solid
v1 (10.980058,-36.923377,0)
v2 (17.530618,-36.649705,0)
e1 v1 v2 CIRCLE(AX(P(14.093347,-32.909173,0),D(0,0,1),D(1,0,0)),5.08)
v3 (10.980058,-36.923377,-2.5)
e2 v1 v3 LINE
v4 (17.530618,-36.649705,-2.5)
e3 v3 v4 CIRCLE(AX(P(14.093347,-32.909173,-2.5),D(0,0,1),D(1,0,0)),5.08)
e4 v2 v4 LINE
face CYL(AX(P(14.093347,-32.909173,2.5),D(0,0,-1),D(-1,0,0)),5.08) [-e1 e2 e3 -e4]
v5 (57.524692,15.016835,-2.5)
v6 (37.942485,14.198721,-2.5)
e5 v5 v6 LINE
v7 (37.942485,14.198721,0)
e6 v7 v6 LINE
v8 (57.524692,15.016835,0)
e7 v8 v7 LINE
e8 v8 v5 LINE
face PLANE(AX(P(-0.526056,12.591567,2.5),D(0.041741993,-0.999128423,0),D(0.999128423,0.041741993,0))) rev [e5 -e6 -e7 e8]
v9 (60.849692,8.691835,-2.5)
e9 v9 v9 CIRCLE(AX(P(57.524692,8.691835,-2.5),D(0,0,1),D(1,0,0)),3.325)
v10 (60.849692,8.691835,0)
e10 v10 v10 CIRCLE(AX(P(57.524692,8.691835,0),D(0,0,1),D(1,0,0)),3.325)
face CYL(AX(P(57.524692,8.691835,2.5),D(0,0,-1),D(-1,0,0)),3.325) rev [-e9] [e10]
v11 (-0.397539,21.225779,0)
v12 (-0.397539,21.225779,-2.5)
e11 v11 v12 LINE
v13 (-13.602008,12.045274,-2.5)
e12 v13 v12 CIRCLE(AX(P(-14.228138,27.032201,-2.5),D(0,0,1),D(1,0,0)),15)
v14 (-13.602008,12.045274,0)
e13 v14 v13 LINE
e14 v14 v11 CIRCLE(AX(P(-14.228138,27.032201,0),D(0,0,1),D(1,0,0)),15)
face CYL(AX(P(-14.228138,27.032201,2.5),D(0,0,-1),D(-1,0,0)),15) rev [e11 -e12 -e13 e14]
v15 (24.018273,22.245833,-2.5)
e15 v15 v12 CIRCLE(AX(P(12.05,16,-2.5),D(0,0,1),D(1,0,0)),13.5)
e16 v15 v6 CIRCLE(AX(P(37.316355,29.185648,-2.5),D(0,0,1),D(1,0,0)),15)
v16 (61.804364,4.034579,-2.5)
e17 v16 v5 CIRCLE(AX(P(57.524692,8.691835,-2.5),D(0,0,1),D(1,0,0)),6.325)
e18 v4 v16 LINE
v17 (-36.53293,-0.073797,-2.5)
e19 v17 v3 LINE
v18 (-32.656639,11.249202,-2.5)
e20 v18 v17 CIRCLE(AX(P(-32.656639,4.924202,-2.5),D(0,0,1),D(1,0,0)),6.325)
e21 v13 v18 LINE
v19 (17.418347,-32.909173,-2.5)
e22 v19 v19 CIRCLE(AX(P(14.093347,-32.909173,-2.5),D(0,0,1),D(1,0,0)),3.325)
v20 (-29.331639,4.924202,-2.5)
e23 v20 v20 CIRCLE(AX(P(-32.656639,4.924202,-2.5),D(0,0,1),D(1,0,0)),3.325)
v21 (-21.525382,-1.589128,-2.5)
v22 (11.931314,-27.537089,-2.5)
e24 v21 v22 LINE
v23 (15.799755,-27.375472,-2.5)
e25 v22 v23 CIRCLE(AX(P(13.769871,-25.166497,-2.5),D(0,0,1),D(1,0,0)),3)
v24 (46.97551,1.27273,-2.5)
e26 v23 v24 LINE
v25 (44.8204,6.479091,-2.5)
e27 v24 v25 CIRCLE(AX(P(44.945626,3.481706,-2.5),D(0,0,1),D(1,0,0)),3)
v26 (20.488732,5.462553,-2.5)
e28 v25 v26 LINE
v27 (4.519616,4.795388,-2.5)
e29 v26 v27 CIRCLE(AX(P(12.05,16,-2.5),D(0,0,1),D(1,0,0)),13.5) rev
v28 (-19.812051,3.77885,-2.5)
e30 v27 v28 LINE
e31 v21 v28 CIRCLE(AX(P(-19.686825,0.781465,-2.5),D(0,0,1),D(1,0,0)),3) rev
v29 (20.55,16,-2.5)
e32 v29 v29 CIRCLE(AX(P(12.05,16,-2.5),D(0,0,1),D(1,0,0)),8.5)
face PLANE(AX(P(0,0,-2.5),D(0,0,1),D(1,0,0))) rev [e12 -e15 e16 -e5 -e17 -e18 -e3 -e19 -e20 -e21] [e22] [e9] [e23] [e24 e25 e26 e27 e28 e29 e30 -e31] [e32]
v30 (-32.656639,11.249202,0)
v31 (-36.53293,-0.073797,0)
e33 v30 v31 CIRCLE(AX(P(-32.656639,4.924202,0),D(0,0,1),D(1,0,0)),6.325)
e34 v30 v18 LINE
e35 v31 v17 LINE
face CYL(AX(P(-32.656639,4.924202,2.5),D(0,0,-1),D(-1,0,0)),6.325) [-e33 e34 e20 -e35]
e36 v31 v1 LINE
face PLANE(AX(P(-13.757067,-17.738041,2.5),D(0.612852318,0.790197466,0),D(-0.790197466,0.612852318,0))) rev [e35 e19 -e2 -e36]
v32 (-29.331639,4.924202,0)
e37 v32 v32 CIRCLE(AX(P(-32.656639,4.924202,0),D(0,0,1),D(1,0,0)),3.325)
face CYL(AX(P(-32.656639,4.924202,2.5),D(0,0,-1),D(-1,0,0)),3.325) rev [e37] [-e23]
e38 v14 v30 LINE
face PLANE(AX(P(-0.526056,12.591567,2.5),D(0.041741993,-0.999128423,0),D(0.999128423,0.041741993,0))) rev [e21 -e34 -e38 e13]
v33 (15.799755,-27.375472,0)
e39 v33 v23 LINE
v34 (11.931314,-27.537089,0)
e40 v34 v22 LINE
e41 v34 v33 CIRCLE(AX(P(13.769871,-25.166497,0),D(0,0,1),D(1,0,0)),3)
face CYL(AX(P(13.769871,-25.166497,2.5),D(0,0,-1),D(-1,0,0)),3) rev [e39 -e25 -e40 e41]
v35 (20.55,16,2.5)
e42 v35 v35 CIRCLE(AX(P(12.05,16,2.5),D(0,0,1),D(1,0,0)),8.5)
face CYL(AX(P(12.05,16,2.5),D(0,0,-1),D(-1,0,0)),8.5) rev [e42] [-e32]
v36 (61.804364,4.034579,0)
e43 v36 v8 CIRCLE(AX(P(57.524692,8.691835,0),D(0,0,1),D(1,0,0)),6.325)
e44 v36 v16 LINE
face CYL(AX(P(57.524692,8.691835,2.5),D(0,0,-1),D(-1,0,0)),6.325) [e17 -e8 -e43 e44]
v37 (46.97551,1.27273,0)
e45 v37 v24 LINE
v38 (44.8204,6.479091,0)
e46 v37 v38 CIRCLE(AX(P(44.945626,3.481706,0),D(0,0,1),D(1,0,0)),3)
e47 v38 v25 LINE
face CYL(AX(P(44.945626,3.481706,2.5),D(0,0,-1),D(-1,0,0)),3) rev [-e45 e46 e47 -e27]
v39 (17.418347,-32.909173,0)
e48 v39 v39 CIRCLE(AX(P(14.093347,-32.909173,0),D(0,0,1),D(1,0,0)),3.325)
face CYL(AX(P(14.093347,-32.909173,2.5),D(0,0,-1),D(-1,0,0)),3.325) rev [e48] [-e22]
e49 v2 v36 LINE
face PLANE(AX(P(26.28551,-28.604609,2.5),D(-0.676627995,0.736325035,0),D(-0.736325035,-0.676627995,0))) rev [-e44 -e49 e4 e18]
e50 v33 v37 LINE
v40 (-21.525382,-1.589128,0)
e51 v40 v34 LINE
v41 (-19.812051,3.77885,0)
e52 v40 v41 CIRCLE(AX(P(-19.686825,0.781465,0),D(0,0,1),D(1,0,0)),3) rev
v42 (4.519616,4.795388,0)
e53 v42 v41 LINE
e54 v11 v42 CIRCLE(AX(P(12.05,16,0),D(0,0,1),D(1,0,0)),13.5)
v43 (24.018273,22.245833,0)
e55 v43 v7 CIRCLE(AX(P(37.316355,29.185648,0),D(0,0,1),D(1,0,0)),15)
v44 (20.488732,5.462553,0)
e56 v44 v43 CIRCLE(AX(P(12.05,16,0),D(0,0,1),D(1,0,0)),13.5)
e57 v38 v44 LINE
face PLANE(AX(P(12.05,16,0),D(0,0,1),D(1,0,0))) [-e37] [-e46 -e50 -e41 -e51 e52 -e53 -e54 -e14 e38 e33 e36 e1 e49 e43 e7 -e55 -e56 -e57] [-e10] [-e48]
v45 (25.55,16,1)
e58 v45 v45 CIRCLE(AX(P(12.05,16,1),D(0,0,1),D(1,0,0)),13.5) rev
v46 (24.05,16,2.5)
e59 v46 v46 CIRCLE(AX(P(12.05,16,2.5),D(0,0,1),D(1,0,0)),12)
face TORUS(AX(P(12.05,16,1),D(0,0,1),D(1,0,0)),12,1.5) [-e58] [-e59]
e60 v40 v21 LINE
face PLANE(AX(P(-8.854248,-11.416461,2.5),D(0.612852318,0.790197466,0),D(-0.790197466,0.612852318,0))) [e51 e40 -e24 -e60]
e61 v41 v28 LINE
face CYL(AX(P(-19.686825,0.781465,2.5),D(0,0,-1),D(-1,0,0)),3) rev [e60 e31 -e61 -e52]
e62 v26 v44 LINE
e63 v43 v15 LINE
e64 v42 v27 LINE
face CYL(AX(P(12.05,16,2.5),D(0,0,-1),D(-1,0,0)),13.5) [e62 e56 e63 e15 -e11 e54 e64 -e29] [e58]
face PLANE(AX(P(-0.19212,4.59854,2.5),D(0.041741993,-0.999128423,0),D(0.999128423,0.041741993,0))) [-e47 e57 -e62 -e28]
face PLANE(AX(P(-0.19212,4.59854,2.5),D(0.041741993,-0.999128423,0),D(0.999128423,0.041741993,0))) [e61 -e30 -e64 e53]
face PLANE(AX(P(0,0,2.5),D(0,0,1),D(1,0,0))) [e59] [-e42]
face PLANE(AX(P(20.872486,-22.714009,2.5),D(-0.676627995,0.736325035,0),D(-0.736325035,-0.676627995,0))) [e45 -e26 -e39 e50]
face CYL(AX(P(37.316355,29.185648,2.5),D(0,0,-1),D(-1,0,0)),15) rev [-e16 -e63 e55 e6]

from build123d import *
from build123d.topology import SkipClean

# Parameters (mm, degrees)
SKETCH1_R           = 3.325
SKETCH1_R_2         = 8.5
BOSS_EXTRUDE1_DEPTH = 2.5
SKETCH2_R           = 70.911866835
SKETCH2_R_2         = 13.5
CUT_EXTRUDE1_DEPTH  = 2.5
SKETCH3_R           = 13.5
SKETCH3_R_2         = 8.5
BOSS_EXTRUDE2_DEPTH = 5
FILLET1_R           = 1.5


with BuildPart() as part:
    # Sketch1 → Boss-Extrude1 (new, symmetric)
    with BuildSketch(Plane.XY):
        with BuildLine():
            ThreePointArc((60.622067271, 14.206532436), (59.125498335, 14.810906809), (57.524692071, 15.016834632))
            Line((57.524692071, 15.016834632), (56.997116089, 14.994793348))
            Line((56.997116089, 14.994793348), (37.942484943, 14.198721238))
            ThreePointArc((37.942484943, 14.198721238), (29.810784304, 16.198484397), (24.018273447, 22.245833067))
            ThreePointArc((24.018273447, 22.245833067), (11.4864831, 29.488233713), (-0.397539124, 21.225779345))
            ThreePointArc((-0.397539124, 21.225779345), (-5.665447564, 14.71634399), (-13.602008261, 12.045274491))
            Line((-13.602008261, 12.045274491), (-32.656639407, 11.249202381))
            ThreePointArc((-32.656639407, 11.249202381), (-35.431571333, 10.60798438), (-37.643867273, 8.81434161))
            ThreePointArc((-37.643867273, 8.81434161), (-38.932803958, 4.139738531), (-36.53293032, -0.073796594))
            Line((-36.53293032, -0.073796594), (10.980057512, -36.923376572))
            ThreePointArc((10.980057512, -36.923376572), (14.305396611, -37.984745832), (17.530617501, -36.649704619))
            Line((17.530617501, -36.649704619), (61.804364137, 4.034578786))
            ThreePointArc((61.804364137, 4.034578786), (63.807395856, 9.422079897), (60.622067271, 14.206532436))
        make_face()
        with Locations((14.093347289, -32.909173442)):
            Circle(SKETCH1_R, mode=Mode.SUBTRACT)
        with BuildLine():
            Line((-19.81205116, 3.778850103), (44.820399723, 6.479090855))
            ThreePointArc((44.820399723, 6.479090855), (47.71753436, 4.629103679), (46.975509685, 1.272730481))
            Line((46.975509685, 1.272730481), (15.799754589, -27.375471944))
            ThreePointArc((15.799754589, -27.375471944), (13.895096583, -28.163882109), (11.93131365, -27.537089238))
            Line((11.93131365, -27.537089238), (-21.525382137, -1.589127566))
            ThreePointArc((-21.525382137, -1.589127566), (-22.544780206, 1.693656197), (-19.81205116, 3.778850103))
        make_face(mode=Mode.SUBTRACT)
        with Locations((-32.656639407, 4.924202381)):
            Circle(SKETCH1_R, mode=Mode.SUBTRACT)
        with Locations((12.05, 16)):
            Circle(SKETCH1_R_2, mode=Mode.SUBTRACT)
        with Locations((57.524692071, 8.691834632)):
            Circle(SKETCH1_R, mode=Mode.SUBTRACT)
    extrude(amount=BOSS_EXTRUDE1_DEPTH, both=True)

    # Sketch2 → Cut-Extrude1 (cut)
    with SkipClean():  # the faces are left unmerged after this step: merging them gives an invalid solid
        with BuildSketch(Plane.XY.offset(2.5)):
            with Locations((12.05, 16)):
                Circle(SKETCH2_R)
            with Locations((12.05, 16)):
                Circle(SKETCH2_R_2, mode=Mode.SUBTRACT)
        extrude(amount=-CUT_EXTRUDE1_DEPTH, mode=Mode.SUBTRACT)

    # Sketch3 → Boss-Extrude2 (add)
    with BuildSketch(Plane.XY.offset(2.5)):
        with Locations(Location((12.05, 16, 0), (0, 0, 157.226152371))):
            Circle(SKETCH3_R)
        with Locations((12.05, 16)):
            Circle(SKETCH3_R_2, mode=Mode.SUBTRACT)
    extrude(amount=-BOSS_EXTRUDE2_DEPTH)

    # Fillet1
    fillet1_edges = [part.edges().sort_by_distance(p)[0] for p in [
        (25.161477635, 19.215455525, 2.5),
    ]]
    fillet(fillet1_edges, radius=FILLET1_R)


solid = part.part
